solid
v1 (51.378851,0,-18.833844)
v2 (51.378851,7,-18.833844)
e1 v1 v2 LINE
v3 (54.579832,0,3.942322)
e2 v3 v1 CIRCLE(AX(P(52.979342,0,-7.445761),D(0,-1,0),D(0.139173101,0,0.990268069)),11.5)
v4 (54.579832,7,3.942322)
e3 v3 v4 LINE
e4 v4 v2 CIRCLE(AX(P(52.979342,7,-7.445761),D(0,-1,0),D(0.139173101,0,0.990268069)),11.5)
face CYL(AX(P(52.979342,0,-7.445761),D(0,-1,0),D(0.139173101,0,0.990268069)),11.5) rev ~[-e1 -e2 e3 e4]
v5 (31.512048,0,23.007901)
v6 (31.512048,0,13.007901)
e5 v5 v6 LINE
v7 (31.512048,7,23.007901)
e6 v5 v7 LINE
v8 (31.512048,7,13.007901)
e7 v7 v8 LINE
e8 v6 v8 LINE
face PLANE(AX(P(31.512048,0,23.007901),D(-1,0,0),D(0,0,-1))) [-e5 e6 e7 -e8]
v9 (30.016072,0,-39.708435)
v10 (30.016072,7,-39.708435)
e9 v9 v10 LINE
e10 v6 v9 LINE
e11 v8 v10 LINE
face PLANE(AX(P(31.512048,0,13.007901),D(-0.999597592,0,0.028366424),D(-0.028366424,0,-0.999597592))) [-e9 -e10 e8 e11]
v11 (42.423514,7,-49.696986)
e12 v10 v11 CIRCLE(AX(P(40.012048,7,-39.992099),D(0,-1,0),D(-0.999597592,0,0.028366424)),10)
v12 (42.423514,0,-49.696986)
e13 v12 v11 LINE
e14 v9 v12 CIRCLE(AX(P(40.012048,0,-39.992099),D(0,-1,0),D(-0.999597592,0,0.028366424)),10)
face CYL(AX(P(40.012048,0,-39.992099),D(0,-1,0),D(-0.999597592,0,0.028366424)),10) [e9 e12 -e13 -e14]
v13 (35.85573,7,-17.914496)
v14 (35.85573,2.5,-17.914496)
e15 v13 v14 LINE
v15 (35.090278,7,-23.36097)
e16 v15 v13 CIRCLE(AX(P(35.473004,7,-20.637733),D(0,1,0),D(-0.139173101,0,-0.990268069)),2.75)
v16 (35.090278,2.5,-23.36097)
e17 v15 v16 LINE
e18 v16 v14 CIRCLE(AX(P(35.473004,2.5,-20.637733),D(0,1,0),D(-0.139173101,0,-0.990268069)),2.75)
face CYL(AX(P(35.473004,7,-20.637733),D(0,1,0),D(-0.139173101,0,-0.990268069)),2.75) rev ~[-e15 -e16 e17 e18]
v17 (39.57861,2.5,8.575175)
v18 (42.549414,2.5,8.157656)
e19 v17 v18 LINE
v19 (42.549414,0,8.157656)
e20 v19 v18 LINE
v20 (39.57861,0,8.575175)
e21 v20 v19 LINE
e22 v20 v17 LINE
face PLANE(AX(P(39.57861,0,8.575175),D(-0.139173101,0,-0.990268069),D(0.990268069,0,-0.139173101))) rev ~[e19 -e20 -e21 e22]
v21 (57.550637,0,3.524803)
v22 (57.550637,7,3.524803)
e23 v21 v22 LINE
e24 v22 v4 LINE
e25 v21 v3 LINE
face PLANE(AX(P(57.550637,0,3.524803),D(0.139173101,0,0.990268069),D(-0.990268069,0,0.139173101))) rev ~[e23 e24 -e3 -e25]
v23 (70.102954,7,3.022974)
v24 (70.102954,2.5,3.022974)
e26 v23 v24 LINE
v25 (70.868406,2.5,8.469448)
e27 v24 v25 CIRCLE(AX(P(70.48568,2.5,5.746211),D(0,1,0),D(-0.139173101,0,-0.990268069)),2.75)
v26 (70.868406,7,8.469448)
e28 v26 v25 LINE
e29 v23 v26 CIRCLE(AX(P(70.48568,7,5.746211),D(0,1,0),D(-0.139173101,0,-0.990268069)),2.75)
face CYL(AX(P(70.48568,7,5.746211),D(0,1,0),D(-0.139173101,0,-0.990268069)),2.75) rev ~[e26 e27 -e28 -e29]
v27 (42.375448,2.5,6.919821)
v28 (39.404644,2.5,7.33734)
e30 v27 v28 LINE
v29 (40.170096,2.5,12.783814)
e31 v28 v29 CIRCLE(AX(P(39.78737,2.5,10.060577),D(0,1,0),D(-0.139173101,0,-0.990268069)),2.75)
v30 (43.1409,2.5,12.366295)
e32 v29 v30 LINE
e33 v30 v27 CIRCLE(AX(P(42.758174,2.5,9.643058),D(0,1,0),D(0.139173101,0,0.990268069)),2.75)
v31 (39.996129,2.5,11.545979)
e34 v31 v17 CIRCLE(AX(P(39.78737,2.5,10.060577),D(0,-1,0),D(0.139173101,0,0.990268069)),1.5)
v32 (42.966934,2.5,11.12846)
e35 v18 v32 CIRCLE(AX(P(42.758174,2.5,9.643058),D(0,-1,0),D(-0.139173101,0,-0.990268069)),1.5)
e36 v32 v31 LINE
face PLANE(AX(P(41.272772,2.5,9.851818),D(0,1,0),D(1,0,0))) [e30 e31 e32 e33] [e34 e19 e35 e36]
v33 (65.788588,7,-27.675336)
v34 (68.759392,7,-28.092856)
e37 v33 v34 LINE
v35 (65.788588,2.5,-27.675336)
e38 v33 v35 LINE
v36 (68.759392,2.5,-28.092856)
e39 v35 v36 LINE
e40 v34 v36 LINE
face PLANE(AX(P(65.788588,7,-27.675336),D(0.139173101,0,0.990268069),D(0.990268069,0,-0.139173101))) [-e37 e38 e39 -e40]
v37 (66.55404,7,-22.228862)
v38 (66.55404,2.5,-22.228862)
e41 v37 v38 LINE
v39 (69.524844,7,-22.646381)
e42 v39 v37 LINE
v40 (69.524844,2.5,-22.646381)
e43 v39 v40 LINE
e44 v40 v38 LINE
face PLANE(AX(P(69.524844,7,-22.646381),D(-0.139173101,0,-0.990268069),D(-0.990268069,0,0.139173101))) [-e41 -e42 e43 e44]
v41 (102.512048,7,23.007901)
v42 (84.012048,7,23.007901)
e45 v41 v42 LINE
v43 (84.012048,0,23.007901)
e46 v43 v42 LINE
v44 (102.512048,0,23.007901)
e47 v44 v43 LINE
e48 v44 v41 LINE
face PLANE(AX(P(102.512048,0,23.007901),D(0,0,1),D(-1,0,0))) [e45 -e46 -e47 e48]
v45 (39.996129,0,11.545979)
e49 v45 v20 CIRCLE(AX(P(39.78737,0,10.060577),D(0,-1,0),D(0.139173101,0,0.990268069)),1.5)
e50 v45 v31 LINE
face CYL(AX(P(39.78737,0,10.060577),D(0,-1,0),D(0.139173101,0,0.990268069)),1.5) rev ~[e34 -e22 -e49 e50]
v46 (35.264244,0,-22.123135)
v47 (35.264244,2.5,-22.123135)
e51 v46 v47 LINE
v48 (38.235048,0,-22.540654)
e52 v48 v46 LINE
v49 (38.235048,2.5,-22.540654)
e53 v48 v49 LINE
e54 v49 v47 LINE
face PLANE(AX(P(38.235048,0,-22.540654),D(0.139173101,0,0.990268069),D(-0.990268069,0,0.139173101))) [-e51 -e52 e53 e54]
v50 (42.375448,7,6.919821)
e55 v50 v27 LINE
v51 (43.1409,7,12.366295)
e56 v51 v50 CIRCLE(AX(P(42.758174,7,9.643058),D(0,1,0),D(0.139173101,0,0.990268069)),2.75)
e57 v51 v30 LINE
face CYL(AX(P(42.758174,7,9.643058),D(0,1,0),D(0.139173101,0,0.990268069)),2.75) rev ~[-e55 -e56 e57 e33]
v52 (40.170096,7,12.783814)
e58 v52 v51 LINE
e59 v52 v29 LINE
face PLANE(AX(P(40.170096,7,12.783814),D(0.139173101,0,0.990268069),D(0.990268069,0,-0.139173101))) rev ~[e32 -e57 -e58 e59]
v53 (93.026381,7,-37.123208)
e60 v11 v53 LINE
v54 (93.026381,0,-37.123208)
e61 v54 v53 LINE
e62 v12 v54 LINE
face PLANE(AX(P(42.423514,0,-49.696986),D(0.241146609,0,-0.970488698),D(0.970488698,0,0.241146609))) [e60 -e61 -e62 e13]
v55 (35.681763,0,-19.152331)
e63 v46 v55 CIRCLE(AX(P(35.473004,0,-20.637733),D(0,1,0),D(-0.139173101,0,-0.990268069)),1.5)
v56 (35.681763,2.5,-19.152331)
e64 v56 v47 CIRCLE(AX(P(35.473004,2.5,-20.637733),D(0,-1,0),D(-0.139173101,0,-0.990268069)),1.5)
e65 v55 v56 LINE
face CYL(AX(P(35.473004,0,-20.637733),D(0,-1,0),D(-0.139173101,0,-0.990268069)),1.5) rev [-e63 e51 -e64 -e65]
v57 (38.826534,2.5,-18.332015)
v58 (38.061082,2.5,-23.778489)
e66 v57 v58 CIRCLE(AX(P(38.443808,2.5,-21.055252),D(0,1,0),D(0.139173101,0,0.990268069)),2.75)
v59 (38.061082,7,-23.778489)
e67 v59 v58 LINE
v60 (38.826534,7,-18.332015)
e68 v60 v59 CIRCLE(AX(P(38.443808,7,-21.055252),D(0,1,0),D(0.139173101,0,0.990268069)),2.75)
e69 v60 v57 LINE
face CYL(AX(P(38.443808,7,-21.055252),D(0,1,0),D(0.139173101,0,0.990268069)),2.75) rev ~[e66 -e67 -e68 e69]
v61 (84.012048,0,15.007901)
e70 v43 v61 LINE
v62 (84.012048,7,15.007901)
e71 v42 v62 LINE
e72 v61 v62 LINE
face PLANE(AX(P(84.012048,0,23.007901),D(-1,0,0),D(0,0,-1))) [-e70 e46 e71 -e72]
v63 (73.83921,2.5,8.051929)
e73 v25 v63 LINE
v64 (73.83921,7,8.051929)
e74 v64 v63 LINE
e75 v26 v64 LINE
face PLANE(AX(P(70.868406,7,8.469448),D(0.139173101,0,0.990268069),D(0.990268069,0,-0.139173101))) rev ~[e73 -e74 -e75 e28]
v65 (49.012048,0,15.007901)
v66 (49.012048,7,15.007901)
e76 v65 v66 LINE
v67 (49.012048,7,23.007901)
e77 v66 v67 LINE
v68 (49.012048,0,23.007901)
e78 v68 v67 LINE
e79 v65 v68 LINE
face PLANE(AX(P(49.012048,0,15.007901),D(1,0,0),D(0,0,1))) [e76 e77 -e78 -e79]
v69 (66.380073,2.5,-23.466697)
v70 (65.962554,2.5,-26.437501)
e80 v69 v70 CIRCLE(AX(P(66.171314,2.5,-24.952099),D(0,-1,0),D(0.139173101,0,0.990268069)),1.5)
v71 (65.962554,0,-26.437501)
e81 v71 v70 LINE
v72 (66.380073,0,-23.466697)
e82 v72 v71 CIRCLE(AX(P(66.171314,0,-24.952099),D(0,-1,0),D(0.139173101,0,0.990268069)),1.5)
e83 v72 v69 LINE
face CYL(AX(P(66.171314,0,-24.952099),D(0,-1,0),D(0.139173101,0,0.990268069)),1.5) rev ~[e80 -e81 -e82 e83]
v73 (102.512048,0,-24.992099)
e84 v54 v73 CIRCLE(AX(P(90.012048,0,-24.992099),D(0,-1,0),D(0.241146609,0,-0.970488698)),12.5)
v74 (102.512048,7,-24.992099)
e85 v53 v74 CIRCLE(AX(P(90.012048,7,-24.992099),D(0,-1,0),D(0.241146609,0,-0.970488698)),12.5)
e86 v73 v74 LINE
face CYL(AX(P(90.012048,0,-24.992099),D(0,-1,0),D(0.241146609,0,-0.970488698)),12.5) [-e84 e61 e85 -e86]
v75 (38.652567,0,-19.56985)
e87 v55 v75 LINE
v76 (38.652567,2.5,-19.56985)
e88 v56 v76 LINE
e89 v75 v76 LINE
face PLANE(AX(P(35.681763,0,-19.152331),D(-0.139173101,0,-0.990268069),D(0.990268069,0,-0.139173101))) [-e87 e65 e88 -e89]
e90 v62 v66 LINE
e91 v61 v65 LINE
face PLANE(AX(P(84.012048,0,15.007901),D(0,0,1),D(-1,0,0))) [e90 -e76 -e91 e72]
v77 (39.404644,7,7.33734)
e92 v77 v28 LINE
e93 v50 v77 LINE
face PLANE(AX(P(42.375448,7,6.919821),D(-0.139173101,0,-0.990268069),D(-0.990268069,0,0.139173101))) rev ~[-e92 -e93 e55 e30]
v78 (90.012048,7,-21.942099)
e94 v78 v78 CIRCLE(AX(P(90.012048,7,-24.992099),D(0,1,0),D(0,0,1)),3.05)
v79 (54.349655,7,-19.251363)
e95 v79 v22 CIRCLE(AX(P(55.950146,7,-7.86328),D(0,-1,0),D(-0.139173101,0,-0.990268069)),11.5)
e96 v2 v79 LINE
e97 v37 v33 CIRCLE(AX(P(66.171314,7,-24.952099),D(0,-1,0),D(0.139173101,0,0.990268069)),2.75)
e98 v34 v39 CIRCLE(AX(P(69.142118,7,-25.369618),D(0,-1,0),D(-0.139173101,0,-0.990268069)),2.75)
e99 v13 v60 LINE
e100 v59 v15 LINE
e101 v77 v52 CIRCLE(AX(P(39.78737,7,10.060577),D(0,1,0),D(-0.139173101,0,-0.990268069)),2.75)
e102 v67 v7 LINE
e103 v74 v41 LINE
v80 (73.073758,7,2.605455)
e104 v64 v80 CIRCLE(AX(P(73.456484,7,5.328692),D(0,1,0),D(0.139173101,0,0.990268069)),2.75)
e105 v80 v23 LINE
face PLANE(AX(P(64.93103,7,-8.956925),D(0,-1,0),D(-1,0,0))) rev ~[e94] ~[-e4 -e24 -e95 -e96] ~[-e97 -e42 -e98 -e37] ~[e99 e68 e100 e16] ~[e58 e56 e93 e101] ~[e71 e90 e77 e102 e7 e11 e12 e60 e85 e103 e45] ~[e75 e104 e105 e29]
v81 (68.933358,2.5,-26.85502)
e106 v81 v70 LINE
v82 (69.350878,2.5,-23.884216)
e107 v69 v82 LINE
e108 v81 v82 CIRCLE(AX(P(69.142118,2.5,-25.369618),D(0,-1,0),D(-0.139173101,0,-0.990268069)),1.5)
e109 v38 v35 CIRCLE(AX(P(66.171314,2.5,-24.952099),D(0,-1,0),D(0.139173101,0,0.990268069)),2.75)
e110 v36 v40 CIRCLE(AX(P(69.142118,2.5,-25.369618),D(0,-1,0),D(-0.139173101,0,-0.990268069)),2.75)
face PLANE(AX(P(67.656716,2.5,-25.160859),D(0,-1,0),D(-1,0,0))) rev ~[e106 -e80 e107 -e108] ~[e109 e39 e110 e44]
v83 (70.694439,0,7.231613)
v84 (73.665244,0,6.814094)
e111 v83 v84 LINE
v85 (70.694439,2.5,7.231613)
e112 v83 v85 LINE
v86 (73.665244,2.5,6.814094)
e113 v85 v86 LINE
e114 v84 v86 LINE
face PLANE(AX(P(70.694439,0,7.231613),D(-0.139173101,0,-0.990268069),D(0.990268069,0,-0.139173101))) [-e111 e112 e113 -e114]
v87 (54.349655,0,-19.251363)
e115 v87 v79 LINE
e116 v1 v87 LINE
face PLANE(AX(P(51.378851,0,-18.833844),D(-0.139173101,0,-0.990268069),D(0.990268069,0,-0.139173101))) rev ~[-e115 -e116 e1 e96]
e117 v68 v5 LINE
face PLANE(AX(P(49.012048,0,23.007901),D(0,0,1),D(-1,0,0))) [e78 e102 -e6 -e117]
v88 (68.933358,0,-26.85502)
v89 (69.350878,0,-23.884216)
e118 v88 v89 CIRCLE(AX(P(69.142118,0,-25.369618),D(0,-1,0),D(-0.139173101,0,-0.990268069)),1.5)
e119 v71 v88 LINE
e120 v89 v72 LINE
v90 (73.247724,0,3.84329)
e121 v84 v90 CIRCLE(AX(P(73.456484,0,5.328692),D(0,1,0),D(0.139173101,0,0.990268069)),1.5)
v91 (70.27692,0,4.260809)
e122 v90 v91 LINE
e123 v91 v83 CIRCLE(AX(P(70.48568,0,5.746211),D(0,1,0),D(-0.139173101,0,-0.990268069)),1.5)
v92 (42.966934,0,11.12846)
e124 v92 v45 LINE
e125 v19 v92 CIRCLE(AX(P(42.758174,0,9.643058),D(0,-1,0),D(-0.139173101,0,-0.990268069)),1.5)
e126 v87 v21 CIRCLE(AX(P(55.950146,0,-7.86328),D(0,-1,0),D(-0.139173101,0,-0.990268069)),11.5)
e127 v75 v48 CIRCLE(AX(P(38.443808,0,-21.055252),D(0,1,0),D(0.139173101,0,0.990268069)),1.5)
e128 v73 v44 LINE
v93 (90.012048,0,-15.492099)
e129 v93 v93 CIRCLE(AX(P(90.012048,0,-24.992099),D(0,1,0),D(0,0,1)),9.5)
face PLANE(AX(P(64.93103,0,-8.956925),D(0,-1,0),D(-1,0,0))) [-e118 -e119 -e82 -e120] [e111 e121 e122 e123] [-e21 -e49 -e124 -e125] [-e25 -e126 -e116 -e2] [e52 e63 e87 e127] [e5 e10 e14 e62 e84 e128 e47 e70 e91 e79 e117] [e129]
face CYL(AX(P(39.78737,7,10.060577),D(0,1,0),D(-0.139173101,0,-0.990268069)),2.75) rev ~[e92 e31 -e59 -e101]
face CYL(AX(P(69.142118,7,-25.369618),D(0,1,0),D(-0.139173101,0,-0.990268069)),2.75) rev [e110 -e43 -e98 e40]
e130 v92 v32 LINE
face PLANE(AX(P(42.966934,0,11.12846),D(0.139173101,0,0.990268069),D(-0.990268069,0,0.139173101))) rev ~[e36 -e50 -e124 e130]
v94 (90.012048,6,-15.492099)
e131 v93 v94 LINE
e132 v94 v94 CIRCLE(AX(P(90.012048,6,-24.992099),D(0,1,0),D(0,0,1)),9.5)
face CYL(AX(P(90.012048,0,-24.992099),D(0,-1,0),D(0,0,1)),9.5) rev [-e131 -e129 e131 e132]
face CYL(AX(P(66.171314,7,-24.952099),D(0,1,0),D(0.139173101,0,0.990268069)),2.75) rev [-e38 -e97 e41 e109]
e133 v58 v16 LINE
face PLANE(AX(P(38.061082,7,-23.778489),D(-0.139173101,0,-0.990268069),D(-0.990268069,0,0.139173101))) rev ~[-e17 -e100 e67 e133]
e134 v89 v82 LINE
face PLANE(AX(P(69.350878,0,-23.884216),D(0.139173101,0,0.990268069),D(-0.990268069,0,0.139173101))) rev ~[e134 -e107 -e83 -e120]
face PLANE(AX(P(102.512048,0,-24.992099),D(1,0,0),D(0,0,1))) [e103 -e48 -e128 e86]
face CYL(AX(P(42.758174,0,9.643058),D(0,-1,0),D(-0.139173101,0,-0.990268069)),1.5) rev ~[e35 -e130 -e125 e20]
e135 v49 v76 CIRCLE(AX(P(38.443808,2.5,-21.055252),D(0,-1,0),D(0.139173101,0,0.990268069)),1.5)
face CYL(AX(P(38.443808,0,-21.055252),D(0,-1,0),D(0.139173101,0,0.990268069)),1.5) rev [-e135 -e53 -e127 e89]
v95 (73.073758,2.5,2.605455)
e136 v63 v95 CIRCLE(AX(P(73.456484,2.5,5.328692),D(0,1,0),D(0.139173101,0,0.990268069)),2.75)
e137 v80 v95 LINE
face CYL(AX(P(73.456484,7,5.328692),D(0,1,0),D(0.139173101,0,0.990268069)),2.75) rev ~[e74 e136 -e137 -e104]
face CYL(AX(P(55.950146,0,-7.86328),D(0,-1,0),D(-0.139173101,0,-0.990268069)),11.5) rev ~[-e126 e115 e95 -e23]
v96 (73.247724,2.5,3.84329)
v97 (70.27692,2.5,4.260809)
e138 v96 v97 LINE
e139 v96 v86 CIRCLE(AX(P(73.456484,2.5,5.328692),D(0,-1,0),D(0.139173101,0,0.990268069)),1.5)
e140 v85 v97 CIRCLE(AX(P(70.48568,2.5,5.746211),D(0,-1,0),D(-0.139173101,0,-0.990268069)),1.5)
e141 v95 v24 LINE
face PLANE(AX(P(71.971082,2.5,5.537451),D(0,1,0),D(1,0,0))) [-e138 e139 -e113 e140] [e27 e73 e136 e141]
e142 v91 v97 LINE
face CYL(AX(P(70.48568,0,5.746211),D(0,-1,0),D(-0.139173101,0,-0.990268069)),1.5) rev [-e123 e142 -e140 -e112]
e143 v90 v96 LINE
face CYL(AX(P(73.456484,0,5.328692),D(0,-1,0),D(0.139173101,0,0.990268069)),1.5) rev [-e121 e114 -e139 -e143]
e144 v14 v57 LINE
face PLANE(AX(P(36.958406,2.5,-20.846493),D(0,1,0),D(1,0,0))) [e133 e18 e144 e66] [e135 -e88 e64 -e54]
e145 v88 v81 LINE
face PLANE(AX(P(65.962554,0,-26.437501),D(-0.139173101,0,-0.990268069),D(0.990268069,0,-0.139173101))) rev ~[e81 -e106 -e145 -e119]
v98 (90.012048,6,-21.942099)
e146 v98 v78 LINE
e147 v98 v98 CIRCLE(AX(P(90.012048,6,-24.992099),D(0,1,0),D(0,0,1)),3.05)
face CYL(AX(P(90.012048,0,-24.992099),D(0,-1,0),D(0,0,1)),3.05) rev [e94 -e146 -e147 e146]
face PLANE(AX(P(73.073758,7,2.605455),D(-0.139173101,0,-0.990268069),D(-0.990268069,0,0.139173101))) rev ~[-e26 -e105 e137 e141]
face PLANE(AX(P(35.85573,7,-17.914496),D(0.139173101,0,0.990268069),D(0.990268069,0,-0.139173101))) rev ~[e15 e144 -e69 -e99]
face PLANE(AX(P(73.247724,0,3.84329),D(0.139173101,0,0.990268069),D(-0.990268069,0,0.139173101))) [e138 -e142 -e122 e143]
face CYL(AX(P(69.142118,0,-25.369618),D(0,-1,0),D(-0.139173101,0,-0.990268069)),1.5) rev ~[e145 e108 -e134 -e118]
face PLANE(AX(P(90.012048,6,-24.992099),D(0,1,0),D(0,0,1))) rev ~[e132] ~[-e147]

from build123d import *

# Parameters (mm, degrees)
SKETCH2_R           = 3.05
BOSS_EXTRUDE1_DEPTH = 7
SKETCH2_7_R         = 9.5
SKETCH2_7_R_2       = 3.05
CUT_EXTRUDE1_DEPTH  = 6
CUT_EXTRUDE2_START  = 7
CUT_EXTRUDE2_DEPTH  = 4.5


with BuildPart() as part:
    # Sketch2 → Boss-Extrude1 (new body)
    with BuildSketch(Plane(origin=(0, 0, 0), x_dir=(1, 0, 0), z_dir=(0, 1, 0))):
        with BuildLine():
            Line((102.512048312, 24.992099408), (102.512048312, -23.007900592))
            Line((102.512048312, -23.007900592), (84.012048312, -23.007900592))
            Line((84.012048312, -23.007900592), (84.012048312, -15.007900592))
            Line((84.012048312, -15.007900592), (49.012048312, -15.007900592))
            Line((49.012048312, -15.007900592), (49.012048312, -23.007900592))
            Line((49.012048312, -23.007900592), (31.512048312, -23.007900592))
            Line((31.512048312, -23.007900592), (31.512048312, -13.007900592))
            Line((31.512048312, -13.007900592), (30.016072392, 39.708435169))
            ThreePointArc((30.016072392, 39.708435169), (33.741164308, 47.78158038), (42.423514406, 49.696986387))
            Line((42.423514406, 49.696986387), (93.026380929, 37.123208132))
            ThreePointArc((93.026380929, 37.123208132), (99.859107713, 32.691802074), (102.512048312, 24.992099408))
        make_face()
        with Locations(Location((90.012048312, 24.992099408, 0), (0, 0, 270))):
            Circle(SKETCH2_R, mode=Mode.SUBTRACT)
        with BuildLine():
            Line((51.378851017, 18.833843692), (54.349655223, 19.251362995))
            ThreePointArc((54.349655223, 19.251362995), (67.338228674, 9.463770865), (57.550636545, -3.524802586))
            Line((57.550636545, -3.524802586), (54.579832339, -3.942321889))
            ThreePointArc((54.579832339, -3.942321889), (41.591258887, 5.84527024), (51.378851017, 18.833843692))
        make_face(mode=Mode.SUBTRACT)
        with BuildLine():
            Line((65.962554027, 26.437501135), (68.933358233, 26.855020438))
            ThreePointArc((68.933358233, 26.855020438), (70.627519988, 25.578377986), (69.350877536, 23.884216232))
            Line((69.350877536, 23.884216232), (66.38007333, 23.466696929))
            ThreePointArc((66.38007333, 23.466696929), (64.685911575, 24.74333938), (65.962554027, 26.437501135))
        make_face(mode=Mode.SUBTRACT)
        with BuildLine():
            Line((70.694439459, -7.231613202), (73.665243666, -6.814093899))
            ThreePointArc((73.665243666, -6.814093899), (74.941886117, -5.119932145), (73.247724363, -3.843289693))
            Line((73.247724363, -3.843289693), (70.276920157, -4.260808996))
            ThreePointArc((70.276920157, -4.260808996), (69.000277705, -5.954970751), (70.694439459, -7.231613202))
        make_face(mode=Mode.SUBTRACT)
        with BuildLine():
            Line((42.966933535, -11.128460029), (39.996129329, -11.545979332))
            ThreePointArc((39.996129329, -11.545979332), (38.301967574, -10.26933688), (39.578610026, -8.575175126))
            Line((39.578610026, -8.575175126), (42.549414232, -8.157655823))
            ThreePointArc((42.549414232, -8.157655823), (44.243575986, -9.434298275), (42.966933535, -11.128460029))
        make_face(mode=Mode.SUBTRACT)
        with BuildLine():
            Line((38.235048102, 22.540654308), (35.264243896, 22.123135005))
            ThreePointArc((35.264243896, 22.123135005), (33.987601444, 20.428973251), (35.681763199, 19.152330799))
            Line((35.681763199, 19.152330799), (38.652567405, 19.569850102))
            ThreePointArc((38.652567405, 19.569850102), (39.929209857, 21.264011856), (38.235048102, 22.540654308))
        make_face(mode=Mode.SUBTRACT)
    extrude(amount=BOSS_EXTRUDE1_DEPTH)

    # Sketch2<7> → Cut-Extrude1 (cut)
    with BuildSketch(Plane(origin=(0, 0, 0), x_dir=(1, 0, 0), z_dir=(0, 1, 0))):
        with Locations(Location((90.012048312, 24.992099408, 0), (0, 0, 270))):
            Circle(SKETCH2_7_R)
        with Locations(Location((90.012048312, 24.992099408, 0), (0, 0, 270))):
            Circle(SKETCH2_7_R_2, mode=Mode.SUBTRACT)
    extrude(amount=CUT_EXTRUDE1_DEPTH, mode=Mode.SUBTRACT)

    # Sketch2<8> → Cut-Extrude2 (cut)
    with BuildSketch(Plane(origin=(0, 0, 0), x_dir=(1, 0, 0), z_dir=(0, 1, 0)).offset(CUT_EXTRUDE2_START)):
        with BuildLine():
            Line((65.788587651, 27.675336221), (68.759391857, 28.092855524))
            ThreePointArc((68.759391857, 28.092855524), (71.865355074, 25.752344362), (69.524843912, 22.646381146))
            Line((69.524843912, 22.646381146), (66.554039706, 22.228861843))
            ThreePointArc((66.554039706, 22.228861843), (63.448076489, 24.569373004), (65.788587651, 27.675336221))
        make_face()
        with BuildLine():
            Line((70.868405836, -8.469448288), (73.839210042, -8.051928985))
            ThreePointArc((73.839210042, -8.051928985), (76.179721203, -4.945965769), (73.073757987, -2.605454607))
            Line((73.073757987, -2.605454607), (70.10295378, -3.02297391))
            ThreePointArc((70.10295378, -3.02297391), (67.762442619, -6.128937127), (70.868405836, -8.469448288))
        make_face()
        with BuildLine():
            Line((38.061081726, 23.778489394), (35.09027752, 23.360970091))
            ThreePointArc((35.09027752, 23.360970091), (32.749766358, 20.255006874), (35.855729575, 17.914495713))
            Line((35.855729575, 17.914495713), (38.826533781, 18.332015016))
            ThreePointArc((38.826533781, 18.332015016), (41.167044943, 21.437978232), (38.061081726, 23.778489394))
        make_face()
        with BuildLine():
            Line((42.375447856, -6.919820737), (39.404643649, -7.33734004))
            ThreePointArc((39.404643649, -7.33734004), (37.064132488, -10.443303257), (40.170095705, -12.783814418))
            Line((40.170095705, -12.783814418), (43.140899911, -12.366295115))
            ThreePointArc((43.140899911, -12.366295115), (45.481411072, -9.260331898), (42.375447856, -6.919820737))
        make_face()
    extrude(amount=-CUT_EXTRUDE2_DEPTH, mode=Mode.SUBTRACT)


solid = part.part
